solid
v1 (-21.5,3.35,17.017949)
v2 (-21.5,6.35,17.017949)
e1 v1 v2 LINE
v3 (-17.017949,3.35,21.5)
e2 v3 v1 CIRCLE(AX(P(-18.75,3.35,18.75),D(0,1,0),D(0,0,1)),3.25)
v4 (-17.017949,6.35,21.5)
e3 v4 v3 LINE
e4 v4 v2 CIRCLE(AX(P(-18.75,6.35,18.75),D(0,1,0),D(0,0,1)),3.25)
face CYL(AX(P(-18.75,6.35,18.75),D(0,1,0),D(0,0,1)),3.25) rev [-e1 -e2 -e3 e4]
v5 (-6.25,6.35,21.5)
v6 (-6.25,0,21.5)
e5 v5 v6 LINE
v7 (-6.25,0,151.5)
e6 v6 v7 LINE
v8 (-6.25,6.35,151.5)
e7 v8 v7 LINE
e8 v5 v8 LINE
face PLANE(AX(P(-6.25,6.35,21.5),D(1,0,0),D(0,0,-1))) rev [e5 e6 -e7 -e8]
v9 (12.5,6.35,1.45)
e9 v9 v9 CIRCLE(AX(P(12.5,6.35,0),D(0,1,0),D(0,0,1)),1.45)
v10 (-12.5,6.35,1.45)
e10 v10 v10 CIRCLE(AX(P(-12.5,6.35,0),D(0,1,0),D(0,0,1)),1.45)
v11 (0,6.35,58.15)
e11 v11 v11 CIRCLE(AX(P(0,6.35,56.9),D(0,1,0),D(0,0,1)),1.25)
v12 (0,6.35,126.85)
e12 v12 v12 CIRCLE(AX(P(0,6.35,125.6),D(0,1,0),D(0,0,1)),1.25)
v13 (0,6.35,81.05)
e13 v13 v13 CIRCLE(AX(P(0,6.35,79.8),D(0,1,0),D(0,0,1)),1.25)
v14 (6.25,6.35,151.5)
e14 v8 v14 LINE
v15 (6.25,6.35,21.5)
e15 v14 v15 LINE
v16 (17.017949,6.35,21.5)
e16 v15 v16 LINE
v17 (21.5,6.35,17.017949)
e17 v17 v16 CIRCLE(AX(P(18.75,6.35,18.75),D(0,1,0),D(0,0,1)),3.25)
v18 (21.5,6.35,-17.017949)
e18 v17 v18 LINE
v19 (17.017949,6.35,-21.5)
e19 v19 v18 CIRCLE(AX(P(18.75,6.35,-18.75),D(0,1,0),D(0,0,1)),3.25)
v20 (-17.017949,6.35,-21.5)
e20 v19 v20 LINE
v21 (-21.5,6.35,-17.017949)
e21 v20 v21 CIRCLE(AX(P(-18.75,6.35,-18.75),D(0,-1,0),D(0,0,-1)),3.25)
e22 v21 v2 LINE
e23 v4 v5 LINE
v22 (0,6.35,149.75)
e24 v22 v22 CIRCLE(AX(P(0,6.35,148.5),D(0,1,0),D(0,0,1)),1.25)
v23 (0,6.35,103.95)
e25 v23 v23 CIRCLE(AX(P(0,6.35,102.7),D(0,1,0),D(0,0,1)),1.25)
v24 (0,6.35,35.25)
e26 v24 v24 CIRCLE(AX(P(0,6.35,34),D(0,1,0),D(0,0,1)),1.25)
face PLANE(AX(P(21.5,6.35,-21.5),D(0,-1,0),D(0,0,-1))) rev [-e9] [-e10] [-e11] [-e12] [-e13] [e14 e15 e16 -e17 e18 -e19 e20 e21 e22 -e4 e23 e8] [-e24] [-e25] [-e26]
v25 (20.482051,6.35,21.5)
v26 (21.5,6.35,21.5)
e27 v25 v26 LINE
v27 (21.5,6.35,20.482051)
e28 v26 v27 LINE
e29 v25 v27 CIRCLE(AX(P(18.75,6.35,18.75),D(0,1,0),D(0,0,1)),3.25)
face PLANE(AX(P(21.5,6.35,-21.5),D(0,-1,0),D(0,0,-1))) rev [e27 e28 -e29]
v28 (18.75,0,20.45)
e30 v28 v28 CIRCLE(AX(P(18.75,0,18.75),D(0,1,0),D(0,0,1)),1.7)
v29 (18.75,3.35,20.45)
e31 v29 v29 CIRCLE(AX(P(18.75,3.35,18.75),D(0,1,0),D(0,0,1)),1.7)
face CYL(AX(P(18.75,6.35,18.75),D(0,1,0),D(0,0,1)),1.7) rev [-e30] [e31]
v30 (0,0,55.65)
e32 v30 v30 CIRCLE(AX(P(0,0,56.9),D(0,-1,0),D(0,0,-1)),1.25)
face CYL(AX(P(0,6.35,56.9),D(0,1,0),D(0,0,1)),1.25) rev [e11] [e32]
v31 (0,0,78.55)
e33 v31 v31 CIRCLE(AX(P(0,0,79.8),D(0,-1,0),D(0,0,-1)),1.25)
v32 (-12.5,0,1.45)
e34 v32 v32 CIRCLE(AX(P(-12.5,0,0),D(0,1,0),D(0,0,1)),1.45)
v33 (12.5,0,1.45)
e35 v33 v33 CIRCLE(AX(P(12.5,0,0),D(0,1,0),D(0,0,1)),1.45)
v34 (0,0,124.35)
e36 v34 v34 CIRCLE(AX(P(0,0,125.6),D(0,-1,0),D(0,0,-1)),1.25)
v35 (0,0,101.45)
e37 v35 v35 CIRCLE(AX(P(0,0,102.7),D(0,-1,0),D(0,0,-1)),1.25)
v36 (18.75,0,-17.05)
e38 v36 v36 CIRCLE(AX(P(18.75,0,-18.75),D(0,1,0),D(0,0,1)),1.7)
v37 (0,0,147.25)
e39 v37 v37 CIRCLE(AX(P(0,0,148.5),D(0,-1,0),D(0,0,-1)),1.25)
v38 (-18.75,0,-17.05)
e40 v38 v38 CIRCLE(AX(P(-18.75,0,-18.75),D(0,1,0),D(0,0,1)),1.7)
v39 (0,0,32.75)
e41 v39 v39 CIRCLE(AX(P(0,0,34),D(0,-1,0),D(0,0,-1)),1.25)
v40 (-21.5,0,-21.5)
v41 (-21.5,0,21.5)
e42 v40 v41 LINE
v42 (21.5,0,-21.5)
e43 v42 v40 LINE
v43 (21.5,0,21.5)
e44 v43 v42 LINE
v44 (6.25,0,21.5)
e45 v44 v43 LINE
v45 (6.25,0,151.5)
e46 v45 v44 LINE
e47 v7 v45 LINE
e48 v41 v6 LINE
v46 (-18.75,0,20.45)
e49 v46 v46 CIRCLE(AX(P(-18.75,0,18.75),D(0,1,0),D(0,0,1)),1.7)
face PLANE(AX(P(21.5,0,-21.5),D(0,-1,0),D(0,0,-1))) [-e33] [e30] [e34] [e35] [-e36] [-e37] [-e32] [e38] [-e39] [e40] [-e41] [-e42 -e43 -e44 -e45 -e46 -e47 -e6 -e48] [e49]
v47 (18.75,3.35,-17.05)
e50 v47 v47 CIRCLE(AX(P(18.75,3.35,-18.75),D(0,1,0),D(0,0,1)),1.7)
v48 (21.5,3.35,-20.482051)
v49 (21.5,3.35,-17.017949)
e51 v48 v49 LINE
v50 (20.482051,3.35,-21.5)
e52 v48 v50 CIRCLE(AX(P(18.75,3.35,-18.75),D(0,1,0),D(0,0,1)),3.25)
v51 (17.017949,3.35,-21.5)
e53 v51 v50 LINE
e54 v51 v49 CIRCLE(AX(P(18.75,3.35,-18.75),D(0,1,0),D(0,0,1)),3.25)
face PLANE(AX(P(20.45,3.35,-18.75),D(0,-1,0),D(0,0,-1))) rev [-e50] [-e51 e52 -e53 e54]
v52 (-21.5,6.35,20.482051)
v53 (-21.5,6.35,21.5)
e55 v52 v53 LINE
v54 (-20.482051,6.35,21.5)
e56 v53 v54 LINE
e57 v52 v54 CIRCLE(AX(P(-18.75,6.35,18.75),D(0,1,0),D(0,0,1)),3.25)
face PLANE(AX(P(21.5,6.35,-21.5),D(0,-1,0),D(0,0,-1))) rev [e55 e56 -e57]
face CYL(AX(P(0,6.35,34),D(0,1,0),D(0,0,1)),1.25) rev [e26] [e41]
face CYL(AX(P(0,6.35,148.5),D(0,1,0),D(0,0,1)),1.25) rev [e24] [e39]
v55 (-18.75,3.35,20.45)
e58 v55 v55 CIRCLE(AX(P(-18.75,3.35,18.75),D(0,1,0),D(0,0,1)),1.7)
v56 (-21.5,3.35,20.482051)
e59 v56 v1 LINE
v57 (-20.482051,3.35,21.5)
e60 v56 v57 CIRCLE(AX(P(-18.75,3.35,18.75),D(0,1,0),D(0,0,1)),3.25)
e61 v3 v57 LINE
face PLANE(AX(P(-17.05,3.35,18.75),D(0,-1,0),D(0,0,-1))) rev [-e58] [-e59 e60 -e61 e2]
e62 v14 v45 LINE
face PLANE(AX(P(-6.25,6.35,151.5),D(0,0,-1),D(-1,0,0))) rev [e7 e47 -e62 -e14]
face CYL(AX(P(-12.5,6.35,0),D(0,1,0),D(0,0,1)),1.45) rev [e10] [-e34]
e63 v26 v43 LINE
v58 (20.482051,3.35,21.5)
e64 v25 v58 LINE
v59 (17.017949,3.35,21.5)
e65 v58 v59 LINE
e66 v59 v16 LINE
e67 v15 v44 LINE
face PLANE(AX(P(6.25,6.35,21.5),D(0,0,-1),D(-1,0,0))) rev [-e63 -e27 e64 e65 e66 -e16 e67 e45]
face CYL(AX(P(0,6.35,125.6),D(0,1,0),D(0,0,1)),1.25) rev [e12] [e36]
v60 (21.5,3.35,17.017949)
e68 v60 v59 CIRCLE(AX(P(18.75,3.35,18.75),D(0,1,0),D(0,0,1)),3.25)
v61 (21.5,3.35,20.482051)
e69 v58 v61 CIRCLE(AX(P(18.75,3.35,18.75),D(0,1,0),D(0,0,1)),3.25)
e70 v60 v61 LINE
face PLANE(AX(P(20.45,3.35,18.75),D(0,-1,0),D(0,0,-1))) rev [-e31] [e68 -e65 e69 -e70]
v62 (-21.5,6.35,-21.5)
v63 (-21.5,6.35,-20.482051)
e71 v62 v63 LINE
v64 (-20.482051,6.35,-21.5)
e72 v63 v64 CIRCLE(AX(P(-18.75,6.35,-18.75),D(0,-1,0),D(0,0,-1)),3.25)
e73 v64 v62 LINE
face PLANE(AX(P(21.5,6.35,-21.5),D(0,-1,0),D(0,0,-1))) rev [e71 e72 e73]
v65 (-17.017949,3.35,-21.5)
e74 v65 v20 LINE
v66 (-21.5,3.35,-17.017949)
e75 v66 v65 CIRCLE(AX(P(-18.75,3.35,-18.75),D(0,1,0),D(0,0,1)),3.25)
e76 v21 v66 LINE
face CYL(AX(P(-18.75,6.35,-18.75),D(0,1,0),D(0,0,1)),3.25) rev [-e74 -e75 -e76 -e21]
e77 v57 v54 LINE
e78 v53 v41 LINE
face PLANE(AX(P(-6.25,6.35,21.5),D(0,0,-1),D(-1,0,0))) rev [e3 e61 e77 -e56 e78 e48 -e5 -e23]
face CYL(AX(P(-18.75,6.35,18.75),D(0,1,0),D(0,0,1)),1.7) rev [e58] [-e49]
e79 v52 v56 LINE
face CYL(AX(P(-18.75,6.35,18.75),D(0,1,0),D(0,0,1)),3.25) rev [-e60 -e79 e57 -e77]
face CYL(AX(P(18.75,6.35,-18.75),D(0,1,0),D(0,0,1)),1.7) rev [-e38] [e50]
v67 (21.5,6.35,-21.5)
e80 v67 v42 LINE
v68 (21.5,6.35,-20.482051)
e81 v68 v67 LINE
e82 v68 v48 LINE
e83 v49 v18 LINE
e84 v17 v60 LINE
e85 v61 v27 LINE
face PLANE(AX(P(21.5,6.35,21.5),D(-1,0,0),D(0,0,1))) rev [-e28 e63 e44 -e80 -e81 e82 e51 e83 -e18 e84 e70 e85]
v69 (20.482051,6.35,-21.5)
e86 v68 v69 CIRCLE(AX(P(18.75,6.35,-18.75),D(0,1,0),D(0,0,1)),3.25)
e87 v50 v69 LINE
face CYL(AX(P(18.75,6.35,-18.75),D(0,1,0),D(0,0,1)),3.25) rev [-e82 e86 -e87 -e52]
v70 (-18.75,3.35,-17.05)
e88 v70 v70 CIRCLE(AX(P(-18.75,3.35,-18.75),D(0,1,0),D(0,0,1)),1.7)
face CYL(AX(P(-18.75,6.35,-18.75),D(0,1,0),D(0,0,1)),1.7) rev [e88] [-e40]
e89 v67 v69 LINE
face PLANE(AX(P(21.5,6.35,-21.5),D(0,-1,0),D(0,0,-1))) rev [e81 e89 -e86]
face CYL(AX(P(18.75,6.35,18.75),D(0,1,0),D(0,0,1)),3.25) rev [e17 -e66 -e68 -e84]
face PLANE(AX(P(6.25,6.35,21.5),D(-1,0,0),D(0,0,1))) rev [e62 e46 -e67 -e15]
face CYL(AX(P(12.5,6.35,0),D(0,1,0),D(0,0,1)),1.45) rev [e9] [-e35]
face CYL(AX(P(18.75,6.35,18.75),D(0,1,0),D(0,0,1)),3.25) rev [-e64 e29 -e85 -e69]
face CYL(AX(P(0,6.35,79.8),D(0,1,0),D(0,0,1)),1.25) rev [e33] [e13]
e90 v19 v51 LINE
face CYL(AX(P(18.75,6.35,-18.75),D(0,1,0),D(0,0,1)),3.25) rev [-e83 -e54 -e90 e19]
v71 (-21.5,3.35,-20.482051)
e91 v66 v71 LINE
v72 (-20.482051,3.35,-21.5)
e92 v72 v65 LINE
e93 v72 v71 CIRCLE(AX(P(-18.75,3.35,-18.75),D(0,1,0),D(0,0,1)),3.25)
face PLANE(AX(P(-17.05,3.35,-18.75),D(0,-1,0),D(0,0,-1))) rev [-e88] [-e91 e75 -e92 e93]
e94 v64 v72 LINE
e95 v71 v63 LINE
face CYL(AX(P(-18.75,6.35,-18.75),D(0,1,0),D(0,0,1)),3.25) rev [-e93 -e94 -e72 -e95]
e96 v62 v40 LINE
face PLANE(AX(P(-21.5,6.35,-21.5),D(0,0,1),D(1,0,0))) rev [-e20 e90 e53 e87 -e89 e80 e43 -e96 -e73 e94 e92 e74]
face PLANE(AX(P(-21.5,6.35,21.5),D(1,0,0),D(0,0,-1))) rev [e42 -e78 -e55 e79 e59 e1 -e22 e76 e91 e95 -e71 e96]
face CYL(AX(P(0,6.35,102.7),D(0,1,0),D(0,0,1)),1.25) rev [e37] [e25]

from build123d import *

# Parameters (mm, degrees)
EXTRUDE1_DEPTH                 = 6.35
LPATTERN1_COUNT                = 6
LPATTERN1_PITCH                = 22.9
CBORE_FOR_M3_SHCS1_D           = 3.4
CBORE_FOR_M3_SHCS1_CBORE_D     = 6.5
CBORE_FOR_M3_SHCS1_CBORE_DEPTH = 3
LPATTERN2_COUNT                = 2
LPATTERN2_PITCH                = 37.5
LPATTERN2_COUNT_DIR2           = 2
LPATTERN2_PITCH_DIR2           = 37.5
F_2_9_2_9_DIAMETER_HOLE1_D     = 2.9


with BuildPart() as part:
    # Sketch2 → Extrude1 (new body)
    with BuildSketch(Plane(origin=(0, 0, 0), x_dir=(1, 0, 0), z_dir=(0, 1, 0))):
        Polygon((-6.25, -21.5), (-21.5, -21.5), (-21.5, 21.5), (21.5, 21.5), (21.5, -21.5), (6.25, -21.5), (6.25, -151.5), (-6.25, -151.5), align=None)
    extrude(amount=EXTRUDE1_DEPTH)

    # Sketch5 → M3x0.5 Tapped Hole1 (revolve, cut)
    with BuildSketch(Plane(origin=(0, 6.35, 148.5), x_dir=(0, 0, 1), z_dir=(1, 0, 0))):
        Polygon((0, 0), (0, 8.251075774), (1.25, 7.5), (1.25, 0), align=None)
    m3x0_5_tapped_hole1 = revolve(axis=Axis((0, 12.7, 148.5), (0, -1, 0)), mode=Mode.SUBTRACT)

    # LPattern1: M3x0.5 Tapped Hole1 ×6
    with Locations(*[(0, 0, -i * LPATTERN1_PITCH) for i in range(1, LPATTERN1_COUNT)]):
        add(m3x0_5_tapped_hole1, mode=Mode.SUBTRACT)

    # CBORE for M3 SHCS1 (through all)
    with Locations(Plane(origin=(-18.75, 6.35, -18.75), x_dir=(0, 0, 1), z_dir=(0, 1, 0))):
        with Locations((0, 0)):
            cbore_for_m3_shcs1 = CounterBoreHole(CBORE_FOR_M3_SHCS1_D / 2, CBORE_FOR_M3_SHCS1_CBORE_D / 2, CBORE_FOR_M3_SHCS1_CBORE_DEPTH)

    # LPattern2: CBORE for M3 SHCS1 2 × 2
    with Locations(*[(i * LPATTERN2_PITCH, 0, j * LPATTERN2_PITCH_DIR2) for i in range(LPATTERN2_COUNT) for j in range(LPATTERN2_COUNT_DIR2) if (i, j) != (0, 0)]):
        add(cbore_for_m3_shcs1, mode=Mode.SUBTRACT)

    # Ø2.9 (2.9) Diameter Hole1 (through all)
    with Locations(Plane(origin=(-12.5, 6.35, 0), x_dir=(0, 0, 1), z_dir=(0, 1, 0))):
        with Locations((0, 0), (0, 25)):
            Hole(F_2_9_2_9_DIAMETER_HOLE1_D / 2)


solid = part.part
